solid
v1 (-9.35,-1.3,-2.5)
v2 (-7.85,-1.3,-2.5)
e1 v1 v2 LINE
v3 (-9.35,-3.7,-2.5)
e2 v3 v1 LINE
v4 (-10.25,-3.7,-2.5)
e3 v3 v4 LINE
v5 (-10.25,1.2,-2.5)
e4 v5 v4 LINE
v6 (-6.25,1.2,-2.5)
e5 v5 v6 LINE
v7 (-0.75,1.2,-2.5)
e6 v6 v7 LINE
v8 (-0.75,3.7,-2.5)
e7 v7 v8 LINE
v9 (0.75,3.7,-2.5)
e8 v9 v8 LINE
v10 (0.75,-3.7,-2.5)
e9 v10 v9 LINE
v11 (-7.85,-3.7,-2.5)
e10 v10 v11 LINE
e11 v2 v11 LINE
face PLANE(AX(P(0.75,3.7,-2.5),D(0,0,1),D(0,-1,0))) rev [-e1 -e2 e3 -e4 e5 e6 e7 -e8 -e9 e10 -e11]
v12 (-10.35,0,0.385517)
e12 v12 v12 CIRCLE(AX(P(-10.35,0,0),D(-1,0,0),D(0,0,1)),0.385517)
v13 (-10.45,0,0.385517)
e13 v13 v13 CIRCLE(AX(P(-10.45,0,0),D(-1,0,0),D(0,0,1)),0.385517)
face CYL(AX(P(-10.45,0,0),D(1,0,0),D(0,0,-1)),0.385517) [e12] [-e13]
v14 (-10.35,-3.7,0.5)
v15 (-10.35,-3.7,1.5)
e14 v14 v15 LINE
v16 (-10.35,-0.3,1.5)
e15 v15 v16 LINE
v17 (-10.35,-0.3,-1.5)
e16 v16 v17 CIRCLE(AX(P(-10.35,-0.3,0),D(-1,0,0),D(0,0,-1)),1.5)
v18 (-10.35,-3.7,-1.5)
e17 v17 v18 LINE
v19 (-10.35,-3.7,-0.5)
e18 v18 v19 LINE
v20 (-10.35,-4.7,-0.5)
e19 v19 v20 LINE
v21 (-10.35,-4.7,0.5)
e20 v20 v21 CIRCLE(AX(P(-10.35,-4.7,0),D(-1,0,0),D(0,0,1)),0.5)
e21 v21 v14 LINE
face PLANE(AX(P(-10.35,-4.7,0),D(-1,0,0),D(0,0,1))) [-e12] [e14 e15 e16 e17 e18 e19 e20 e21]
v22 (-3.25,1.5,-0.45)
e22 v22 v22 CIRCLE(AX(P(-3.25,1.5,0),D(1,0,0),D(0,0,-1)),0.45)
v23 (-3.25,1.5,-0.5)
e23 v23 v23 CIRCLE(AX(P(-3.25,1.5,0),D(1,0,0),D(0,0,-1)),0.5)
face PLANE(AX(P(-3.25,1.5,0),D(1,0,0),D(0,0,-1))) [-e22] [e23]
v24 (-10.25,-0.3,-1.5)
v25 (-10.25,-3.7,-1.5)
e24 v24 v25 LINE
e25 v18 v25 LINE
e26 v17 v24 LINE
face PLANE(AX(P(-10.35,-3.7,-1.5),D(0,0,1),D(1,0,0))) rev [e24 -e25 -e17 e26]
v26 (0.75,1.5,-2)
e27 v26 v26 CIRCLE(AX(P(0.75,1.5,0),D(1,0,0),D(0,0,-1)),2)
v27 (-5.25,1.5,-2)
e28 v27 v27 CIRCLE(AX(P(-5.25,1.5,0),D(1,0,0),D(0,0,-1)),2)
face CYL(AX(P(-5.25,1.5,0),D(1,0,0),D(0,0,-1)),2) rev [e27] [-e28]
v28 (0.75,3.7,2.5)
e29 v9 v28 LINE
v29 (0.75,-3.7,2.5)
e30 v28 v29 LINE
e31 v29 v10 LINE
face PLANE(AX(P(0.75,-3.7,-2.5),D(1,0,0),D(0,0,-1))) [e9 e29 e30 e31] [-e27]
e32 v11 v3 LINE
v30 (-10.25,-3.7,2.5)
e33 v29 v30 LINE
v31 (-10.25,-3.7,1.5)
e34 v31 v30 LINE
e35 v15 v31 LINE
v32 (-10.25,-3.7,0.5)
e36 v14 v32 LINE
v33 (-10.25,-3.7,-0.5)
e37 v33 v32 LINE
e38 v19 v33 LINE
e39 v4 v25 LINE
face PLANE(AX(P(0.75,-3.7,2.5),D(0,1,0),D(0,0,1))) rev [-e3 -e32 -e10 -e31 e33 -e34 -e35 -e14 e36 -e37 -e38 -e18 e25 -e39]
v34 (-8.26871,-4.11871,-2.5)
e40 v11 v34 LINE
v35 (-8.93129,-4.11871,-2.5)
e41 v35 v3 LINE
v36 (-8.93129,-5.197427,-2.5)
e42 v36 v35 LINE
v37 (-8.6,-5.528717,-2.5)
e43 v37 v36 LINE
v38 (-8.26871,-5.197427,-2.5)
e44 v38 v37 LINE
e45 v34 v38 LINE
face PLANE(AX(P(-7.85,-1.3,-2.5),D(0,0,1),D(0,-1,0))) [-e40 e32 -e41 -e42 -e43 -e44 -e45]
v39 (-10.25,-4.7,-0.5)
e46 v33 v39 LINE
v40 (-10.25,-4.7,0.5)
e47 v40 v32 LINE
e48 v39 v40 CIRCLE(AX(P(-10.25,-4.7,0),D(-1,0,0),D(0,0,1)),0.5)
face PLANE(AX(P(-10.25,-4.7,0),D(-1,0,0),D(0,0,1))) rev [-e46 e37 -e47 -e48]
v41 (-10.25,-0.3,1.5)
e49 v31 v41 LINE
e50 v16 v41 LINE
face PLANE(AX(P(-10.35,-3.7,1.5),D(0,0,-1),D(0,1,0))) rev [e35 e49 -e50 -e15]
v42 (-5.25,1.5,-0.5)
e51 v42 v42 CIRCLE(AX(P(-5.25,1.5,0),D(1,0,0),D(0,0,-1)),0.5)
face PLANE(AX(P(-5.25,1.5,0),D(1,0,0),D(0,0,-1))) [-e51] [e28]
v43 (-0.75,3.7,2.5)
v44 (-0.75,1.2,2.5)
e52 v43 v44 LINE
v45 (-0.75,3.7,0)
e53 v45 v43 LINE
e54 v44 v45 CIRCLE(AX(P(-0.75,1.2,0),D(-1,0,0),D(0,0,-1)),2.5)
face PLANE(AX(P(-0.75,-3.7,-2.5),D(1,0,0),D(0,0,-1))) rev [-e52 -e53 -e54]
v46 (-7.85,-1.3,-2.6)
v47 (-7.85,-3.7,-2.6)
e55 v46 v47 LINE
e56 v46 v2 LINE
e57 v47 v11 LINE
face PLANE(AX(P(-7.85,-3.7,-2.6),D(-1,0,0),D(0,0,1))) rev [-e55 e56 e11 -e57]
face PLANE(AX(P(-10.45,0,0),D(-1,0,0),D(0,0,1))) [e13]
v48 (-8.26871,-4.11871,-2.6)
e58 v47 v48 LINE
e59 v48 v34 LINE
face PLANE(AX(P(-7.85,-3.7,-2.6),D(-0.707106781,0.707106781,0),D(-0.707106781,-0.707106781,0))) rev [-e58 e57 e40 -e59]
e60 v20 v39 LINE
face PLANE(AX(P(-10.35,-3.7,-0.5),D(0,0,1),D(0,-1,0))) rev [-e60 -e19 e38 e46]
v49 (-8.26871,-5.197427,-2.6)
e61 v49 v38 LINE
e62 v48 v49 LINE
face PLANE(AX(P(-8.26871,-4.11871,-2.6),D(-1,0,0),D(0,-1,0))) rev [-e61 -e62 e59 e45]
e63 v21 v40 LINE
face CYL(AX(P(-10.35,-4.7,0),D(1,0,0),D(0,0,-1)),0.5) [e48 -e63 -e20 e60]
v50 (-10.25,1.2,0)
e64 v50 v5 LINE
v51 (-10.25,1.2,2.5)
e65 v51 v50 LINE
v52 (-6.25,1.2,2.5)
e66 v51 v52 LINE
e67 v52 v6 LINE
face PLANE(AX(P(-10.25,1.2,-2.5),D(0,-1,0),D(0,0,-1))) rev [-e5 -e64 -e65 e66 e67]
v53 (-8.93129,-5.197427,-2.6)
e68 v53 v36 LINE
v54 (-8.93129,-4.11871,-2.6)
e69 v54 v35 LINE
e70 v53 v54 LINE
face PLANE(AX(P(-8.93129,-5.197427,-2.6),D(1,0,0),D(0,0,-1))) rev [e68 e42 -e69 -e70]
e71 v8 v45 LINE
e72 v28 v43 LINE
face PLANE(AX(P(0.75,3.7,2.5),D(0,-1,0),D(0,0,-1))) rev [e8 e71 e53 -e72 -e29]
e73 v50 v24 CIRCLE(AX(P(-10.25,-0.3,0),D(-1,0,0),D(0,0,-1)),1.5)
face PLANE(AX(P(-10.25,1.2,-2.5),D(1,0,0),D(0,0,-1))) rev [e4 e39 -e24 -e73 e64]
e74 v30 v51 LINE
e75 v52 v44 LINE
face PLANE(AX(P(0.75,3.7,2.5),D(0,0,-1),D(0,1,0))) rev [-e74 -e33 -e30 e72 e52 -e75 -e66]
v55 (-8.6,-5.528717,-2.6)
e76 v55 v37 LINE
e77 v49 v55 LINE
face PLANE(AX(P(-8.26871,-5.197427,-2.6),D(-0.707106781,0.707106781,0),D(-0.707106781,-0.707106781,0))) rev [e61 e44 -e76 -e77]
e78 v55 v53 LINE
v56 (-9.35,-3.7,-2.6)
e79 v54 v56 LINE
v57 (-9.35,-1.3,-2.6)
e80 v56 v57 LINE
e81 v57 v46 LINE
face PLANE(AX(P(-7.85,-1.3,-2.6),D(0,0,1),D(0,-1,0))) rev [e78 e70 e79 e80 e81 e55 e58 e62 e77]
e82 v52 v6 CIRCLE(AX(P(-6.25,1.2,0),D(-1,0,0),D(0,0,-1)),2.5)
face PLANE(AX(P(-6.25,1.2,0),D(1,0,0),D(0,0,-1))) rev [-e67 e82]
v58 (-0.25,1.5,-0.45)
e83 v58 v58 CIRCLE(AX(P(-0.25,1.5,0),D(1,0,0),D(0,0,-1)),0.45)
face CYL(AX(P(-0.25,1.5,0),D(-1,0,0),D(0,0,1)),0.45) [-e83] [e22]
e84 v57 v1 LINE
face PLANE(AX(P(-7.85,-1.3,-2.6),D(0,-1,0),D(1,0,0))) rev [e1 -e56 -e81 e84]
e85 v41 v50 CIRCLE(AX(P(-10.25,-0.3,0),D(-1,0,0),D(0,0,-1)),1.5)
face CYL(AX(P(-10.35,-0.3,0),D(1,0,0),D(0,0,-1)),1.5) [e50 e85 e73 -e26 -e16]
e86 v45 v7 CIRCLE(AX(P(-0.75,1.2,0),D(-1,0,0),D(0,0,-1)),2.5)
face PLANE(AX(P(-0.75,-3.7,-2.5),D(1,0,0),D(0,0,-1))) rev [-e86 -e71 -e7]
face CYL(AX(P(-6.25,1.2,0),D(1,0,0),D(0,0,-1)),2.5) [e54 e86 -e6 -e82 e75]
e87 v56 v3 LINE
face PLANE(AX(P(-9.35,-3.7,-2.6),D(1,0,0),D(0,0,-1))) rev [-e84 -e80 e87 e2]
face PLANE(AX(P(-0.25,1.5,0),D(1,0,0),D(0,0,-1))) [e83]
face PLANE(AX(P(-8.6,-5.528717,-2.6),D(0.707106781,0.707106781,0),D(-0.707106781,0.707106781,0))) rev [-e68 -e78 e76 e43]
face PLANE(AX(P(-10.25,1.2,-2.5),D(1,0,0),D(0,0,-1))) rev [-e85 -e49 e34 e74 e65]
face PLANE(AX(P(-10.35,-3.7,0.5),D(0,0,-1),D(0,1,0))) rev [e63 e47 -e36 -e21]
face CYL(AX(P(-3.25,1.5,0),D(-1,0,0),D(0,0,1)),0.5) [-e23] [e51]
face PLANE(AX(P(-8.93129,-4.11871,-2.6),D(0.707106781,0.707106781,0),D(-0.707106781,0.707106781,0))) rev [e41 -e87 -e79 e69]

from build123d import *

# Parameters (mm, degrees)
CROQUIS1_W     = 5
CROQUIS1_H     = 7.4
EXTRUIR1_DEPTH = 0.75
EXTRUIR2_DEPTH = 5.5
CROQUIS3_W     = 5
CROQUIS3_H     = 4.9
EXTRUIR3_DEPTH = 4
CROQUIS4_R     = 2
EXTRUIR4_DEPTH = 6
CROQUIS5_R     = 0.5
EXTRUIR5_DEPTH = 2
CROQUIS6_R     = 0.45
EXTRUIR6_DEPTH = 3
EXTRUIR7_DEPTH = 0.1
CROQUIS8_R     = 0.385516529
EXTRUIR8_DEPTH = 0.1
EXTRUIR9_DEPTH = 0.1


with BuildPart() as part:
    # Croquis1 → Extruir1 (new, symmetric)
    with BuildSketch(Plane(origin=(0, 0, 0), x_dir=(0, 0, -1), z_dir=(1, 0, 0))):
        Rectangle(CROQUIS1_W, CROQUIS1_H)
    extrude(amount=EXTRUIR1_DEPTH, both=True)

    # Croquis2 → Extruir2 (add)
    with BuildSketch(Plane.ZY.offset(0.75)):
        with BuildLine():
            Line((-2.5, -3.7), (-2.5, 1.2))
            ThreePointArc((-2.5, 1.2), (0, 3.7), (2.5, 1.2))
            Line((2.5, 1.2), (2.5, -3.7))
            Line((2.5, -3.7), (-2.5, -3.7))
        make_face()
    extrude(amount=EXTRUIR2_DEPTH)

    # Croquis3 → Extruir3 (add)
    with BuildSketch(Plane.ZY.offset(6.25)):
        with Locations((0, -1.25)):
            Rectangle(CROQUIS3_W, CROQUIS3_H)
    extrude(amount=EXTRUIR3_DEPTH)

    # Croquis4 → Extruir4 (cut)
    with BuildSketch(Plane(origin=(0.75, 0, 0), x_dir=(0, 0, -1), z_dir=(1, 0, 0))):
        with Locations((0, 1.5)):
            Circle(CROQUIS4_R)
    extrude(amount=-EXTRUIR4_DEPTH, mode=Mode.SUBTRACT)

    # Croquis5 → Extruir5 (add)
    with BuildSketch(Plane(origin=(-5.25, 0, 0), x_dir=(0, 0, -1), z_dir=(1, 0, 0))):
        with Locations((0, 1.5)):
            Circle(CROQUIS5_R)
    extrude(amount=EXTRUIR5_DEPTH)

    # Croquis6 → Extruir6 (add)
    with BuildSketch(Plane(origin=(-3.25, 0, 0), x_dir=(0, 0, -1), z_dir=(1, 0, 0))):
        with Locations((0, 1.5)):
            Circle(CROQUIS6_R)
    extrude(amount=EXTRUIR6_DEPTH)

    # Croquis7 → Extruir7 (add)
    with BuildSketch(Plane.ZY.offset(10.25)):
        with BuildLine():
            Line((-1.5, -3.7), (-1.5, -0.3))
            ThreePointArc((-1.5, -0.3), (0, 1.2), (1.5, -0.3))
            Line((1.5, -0.3), (1.5, -3.7))
            Line((1.5, -3.7), (0.5, -3.7))
            Line((0.5, -3.7), (0.5, -4.7))
            ThreePointArc((0.5, -4.7), (0, -5.2), (-0.5, -4.7))
            Line((-0.5, -4.7), (-0.5, -3.7))
            Line((-0.5, -3.7), (-1.5, -3.7))
        make_face()
    extrude(amount=EXTRUIR7_DEPTH)

    # Croquis8 → Extruir8 (add)
    with BuildSketch(Plane.ZY.offset(10.35)):
        Circle(CROQUIS8_R)
    extrude(amount=EXTRUIR8_DEPTH)

    # Croquis9 → Extruir9 (add)
    with BuildSketch(Plane(origin=(0, 0, -2.5), x_dir=(-1, 0, 0), z_dir=(0, 0, -1))):
        Polygon((7.85, -3.7), (8.268709763, -4.118709763), (8.268709763, -5.1974269), (8.6, -5.528717137), (8.931290237, -5.1974269), (8.931290237, -4.118709763), (9.35, -3.7), (9.35, -1.3), (7.85, -1.3), align=None)
    extrude(amount=EXTRUIR9_DEPTH)


solid = part.part
